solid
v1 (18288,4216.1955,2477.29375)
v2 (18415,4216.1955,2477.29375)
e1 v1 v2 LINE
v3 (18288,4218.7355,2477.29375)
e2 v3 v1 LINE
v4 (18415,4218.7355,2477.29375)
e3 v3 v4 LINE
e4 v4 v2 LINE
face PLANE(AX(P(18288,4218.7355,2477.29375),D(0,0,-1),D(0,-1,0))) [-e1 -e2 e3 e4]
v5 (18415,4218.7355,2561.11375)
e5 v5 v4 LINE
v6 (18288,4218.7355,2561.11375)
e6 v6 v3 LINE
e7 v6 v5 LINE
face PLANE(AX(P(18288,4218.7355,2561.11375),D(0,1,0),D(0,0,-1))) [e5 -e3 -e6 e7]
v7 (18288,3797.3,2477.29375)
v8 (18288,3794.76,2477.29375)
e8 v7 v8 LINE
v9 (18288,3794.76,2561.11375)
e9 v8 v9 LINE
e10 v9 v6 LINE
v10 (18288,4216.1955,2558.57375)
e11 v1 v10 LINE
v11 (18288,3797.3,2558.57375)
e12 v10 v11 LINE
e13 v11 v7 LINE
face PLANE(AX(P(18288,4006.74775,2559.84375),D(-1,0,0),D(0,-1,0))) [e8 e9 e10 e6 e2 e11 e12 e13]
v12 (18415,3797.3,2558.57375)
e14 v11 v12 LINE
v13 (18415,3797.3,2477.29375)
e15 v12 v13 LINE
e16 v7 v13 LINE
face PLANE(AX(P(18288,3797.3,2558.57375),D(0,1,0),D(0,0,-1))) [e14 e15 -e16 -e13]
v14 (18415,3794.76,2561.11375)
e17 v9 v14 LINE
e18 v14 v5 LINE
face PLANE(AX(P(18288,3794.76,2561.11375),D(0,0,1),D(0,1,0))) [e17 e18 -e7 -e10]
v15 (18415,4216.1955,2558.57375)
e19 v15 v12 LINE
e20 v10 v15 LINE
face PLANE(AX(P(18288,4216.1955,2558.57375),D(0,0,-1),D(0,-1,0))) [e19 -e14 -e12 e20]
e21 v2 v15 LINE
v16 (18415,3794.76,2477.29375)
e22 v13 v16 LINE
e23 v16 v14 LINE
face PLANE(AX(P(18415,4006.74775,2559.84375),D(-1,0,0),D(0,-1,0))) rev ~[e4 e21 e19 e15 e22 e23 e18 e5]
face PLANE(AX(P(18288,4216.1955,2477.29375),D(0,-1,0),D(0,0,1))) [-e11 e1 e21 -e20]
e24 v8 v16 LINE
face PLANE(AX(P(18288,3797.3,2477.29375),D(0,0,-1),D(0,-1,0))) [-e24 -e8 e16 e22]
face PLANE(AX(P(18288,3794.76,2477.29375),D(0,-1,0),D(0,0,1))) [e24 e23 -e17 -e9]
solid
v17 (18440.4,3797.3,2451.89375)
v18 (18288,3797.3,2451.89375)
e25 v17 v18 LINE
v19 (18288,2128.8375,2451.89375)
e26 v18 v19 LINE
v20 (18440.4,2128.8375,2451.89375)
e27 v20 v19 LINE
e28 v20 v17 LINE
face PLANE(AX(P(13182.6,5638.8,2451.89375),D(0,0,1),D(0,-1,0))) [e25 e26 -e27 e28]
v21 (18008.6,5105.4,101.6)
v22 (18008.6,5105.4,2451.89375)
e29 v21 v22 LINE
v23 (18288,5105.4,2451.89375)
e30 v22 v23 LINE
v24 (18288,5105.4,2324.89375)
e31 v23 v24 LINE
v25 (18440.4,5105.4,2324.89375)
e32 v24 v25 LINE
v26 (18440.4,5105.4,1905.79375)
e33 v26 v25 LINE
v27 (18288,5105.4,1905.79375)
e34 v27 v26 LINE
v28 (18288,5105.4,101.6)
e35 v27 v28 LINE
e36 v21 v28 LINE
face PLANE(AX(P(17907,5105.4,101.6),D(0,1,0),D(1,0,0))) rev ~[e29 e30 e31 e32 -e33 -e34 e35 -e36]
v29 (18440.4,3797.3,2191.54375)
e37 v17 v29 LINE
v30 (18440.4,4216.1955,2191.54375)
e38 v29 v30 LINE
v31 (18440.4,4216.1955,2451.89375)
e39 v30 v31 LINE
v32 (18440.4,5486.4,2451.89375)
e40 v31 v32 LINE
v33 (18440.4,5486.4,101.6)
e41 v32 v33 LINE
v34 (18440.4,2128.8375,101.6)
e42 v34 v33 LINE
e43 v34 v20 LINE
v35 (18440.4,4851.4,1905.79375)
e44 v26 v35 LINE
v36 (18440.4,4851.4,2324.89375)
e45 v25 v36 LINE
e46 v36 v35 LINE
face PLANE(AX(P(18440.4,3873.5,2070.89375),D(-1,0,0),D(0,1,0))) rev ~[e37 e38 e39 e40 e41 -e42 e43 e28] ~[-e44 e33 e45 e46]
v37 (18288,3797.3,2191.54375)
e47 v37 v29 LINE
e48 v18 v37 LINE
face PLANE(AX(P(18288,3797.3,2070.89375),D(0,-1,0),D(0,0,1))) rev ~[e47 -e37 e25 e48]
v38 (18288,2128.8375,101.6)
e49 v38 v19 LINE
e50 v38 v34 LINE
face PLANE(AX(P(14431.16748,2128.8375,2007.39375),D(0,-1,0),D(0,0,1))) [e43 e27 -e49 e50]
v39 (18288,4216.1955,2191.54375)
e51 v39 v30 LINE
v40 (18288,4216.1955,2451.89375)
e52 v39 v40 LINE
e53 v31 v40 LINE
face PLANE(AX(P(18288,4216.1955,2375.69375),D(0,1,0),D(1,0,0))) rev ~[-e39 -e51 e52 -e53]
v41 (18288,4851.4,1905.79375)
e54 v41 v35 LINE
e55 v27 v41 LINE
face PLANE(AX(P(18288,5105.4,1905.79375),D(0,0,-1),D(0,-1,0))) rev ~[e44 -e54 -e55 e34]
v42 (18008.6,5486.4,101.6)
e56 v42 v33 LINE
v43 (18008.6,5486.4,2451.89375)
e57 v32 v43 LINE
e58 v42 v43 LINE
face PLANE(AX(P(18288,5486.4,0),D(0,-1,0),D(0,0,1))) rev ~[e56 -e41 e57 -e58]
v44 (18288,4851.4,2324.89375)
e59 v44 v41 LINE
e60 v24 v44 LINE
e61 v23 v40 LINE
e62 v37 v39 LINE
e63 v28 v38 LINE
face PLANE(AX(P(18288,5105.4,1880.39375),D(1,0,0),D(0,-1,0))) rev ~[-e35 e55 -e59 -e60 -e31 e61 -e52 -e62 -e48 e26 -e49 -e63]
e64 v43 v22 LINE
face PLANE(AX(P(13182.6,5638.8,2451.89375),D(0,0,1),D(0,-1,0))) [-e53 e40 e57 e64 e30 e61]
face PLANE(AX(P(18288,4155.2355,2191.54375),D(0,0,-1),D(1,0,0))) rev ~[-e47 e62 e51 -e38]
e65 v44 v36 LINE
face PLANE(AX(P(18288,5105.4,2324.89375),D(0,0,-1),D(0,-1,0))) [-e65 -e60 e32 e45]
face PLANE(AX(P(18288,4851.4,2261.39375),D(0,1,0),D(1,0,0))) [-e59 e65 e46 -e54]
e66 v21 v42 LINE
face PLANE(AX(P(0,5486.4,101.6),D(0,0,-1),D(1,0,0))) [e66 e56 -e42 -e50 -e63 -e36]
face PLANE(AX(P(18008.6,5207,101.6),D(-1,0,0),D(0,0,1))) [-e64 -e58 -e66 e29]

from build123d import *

# Parameters (mm, degrees)
F0_W      = 18288
F0_H      = 5486.4
F1_DEPTH  = 101.6
F2_W      = 4953
F2_H      = 152.4
F2_W_2    = 152.4
F2_H_2    = 3357.5625
F3_DEPTH  = 2426.49375
F4_DEPTH  = 152.4
F5_DEPTH  = 152.4
F6_W      = 4953
F6_H      = 152.4
F7_DEPTH  = 2350.29375
F8_DEPTH  = 76.2
F9_W      = 381
F9_H      = 279.4
F10_DEPTH = 2350.29375
F11_DEPTH = 101.6
F12_DEPTH = 101.6
F13_DEPTH = 275.43252
F14_DEPTH = 275.43252
F15_DEPTH = 25.4
F16_W     = 762
F16_H     = 254
F17_DEPTH = 2128.8385
F18_DEPTH = 190.5
F19_DEPTH = 63.5
F20_W     = 254
F20_H     = 304.8
F21_DEPTH = 152.401
F22_W     = 281.7354995728
F22_H     = 304.8
F23_DEPTH = 152.401
F24_DEPTH = 304.8
F25_DEPTH = 304.8
F26_DEPTH = 25.4
F27_DEPTH = 25.4
F28_DEPTH = 12.7
F29_DEPTH = 12.7
F30_W     = 127
F30_H     = 2350.29375
F31_DEPTH = 12907.16748
F32_W     = 1574.8
F32_H     = 2133.6
F33_DEPTH = 3230.5635
F34_DEPTH = 1320.8
F35_DEPTH = 1320.8
F36_DEPTH = 120.65
F37_DEPTH = 76.201
F38_DEPTH = 190.5
F39_DEPTH = 190.5
F40_DEPTH = 76.2
F41_DEPTH = 406.4
F42_DEPTH = 406.4
F43_DEPTH = 76.2
F44_DEPTH = 60.96
F45_DEPTH = 25.4
F46_DEPTH = 63.5
F47_DEPTH = 101.6
F48_DEPTH = 127
F49_DEPTH = 25.4
F50_DEPTH = 127
F51_DEPTH = 152.4
F52_DEPTH = 127
F53_W     = 418.8954995728
F53_H     = 2.54
F54_DEPTH = 127


with BuildPart() as f1:
    # F0 (on Top) → F1 (new body)
    with BuildSketch(Plane.XY):
        with Locations((9144, 2743.2)):
            Rectangle(F0_W, F0_H)
    extrude(amount=F1_DEPTH)

    # F2 (on face) → F3 (join)
    with BuildSketch(Plane.XY.offset(101.6)):
        with Locations((15811.5, 2052.6375)):
            Rectangle(F2_W, F2_H)
        with Locations((13258.8, 3807.61875)):
            Rectangle(F2_W_2, F2_H_2)
        with Locations((13258.8, 2052.6375)):
            Rectangle(F2_W_2, F2_H)
    extrude(amount=F3_DEPTH)

    # F4 (add): a face of the model
    f4_faces = [f1.faces().sort_by_distance(p)[0] for p in [
        (18288, 60.4084786837, 50.8),
    ]]
    extrude(f4_faces, amount=F4_DEPTH)

    # F5 (add): a face of the model
    f5_faces = [f1.faces().sort_by_distance(p)[0] for p in [
        (15887.7, 5486.4, 82.9871117188),
    ]]
    extrude(f5_faces, amount=F5_DEPTH)

    # F6 (on face) → F7 (join)
    with BuildSketch(Plane.XY.offset(101.6)):
        with Locations((15811.5, 5562.6)):
            Rectangle(F6_W, F6_H)
        Polygon((18288, 2128.8375), (18440.4, 2128.8375), (18440.4, 5638.8), (18288, 5638.8), (18288, 5486.4), align=None)
    extrude(amount=F7_DEPTH)

    # F8 (cut): a face of the model
    f8_faces = [f1.faces().sort_by_distance(p)[0] for p in [
        (13270.9239827069, 3883.81875, 2528.09375),
    ]]
    extrude(f8_faces, amount=-F8_DEPTH, mode=Mode.SUBTRACT)

    # F9 (on face) → F10 (join, through all)
    with BuildSketch(Plane.XY.offset(101.6)):
        with Locations((18097.5, 5346.7)):
            Rectangle(F9_W, F9_H)
    extrude(amount=F10_DEPTH)

    # F11 (add): a face of the model
    f11_faces = [f1.faces().sort_by_distance(p)[0] for p in [
        (18097.5, 5207, 1276.746875),
    ]]
    extrude(f11_faces, amount=F11_DEPTH)

    # F12 (cut): a face of the model
    f12_faces = [f1.faces().sort_by_distance(p)[0] for p in [
        (17907, 5295.9, 1276.746875),
    ]]
    extrude(f12_faces, amount=-F12_DEPTH, mode=Mode.SUBTRACT)

    # F13 (add): a face of the model
    f13_faces = [f1.faces().sort_by_distance(p)[0] for p in [
        (13182.6, 3807.61875, 1276.746875),
    ]]
    extrude(f13_faces, amount=F13_DEPTH)

    # F14 (cut): a face of the model
    f14_faces = [f1.faces().sort_by_distance(p)[0] for p in [
        (13335, 3807.61875, 1276.746875),
    ]]
    extrude(f14_faces, amount=-F14_DEPTH, mode=Mode.SUBTRACT)

    # F15 (cut): a face of the model
    f15_faces = [f1.faces().sort_by_distance(p)[0] for p in [
        (15673.78374, 1976.4375, 1276.746875),
    ]]
    extrude(f15_faces, amount=-F15_DEPTH, mode=Mode.SUBTRACT)

    # F16 (on face) → F17 (cut, through all)
    with BuildSketch(Plane(origin=(0, 2128.8375, 0), x_dir=(-1, 0, 0), z_dir=(0, 1, 0))):
        with Locations((-14812.16748, 2070.89375)):
            Rectangle(F16_W, F16_H)
    extrude(amount=-F17_DEPTH, mode=Mode.SUBTRACT)

    # F18 (cut): a face of the model
    f18_faces = [f1.faces().sort_by_distance(p)[0] for p in [
        (14812.16748, 2065.3375, 2197.89375),
    ]]
    extrude(f18_faces, amount=-F18_DEPTH, mode=Mode.SUBTRACT)

    # F19 (add): a face of the model
    f19_faces = [f1.faces().sort_by_distance(p)[0] for p in [
        (14812.16748, 2065.3375, 1943.89375),
    ]]
    extrude(f19_faces, amount=F19_DEPTH)

    # F20 (on face) → F21 (cut, through all)
    with BuildSketch(Plane(origin=(18288, 0, 0), x_dir=(0, -1, 0), z_dir=(-1, 0, 0))):
        with Locations((-4978.4, 2223.29375)):
            Rectangle(F20_W, F20_H)
    extrude(amount=-F21_DEPTH, mode=Mode.SUBTRACT)

    # F22 (on face) → F23 (cut, through all)
    with BuildSketch(Plane(origin=(18288, 0, 0), x_dir=(0, -1, 0), z_dir=(-1, 0, 0))):
        with Locations((-3747.6677497864, 2223.29375)):
            Rectangle(F22_W, F22_H)
    extrude(amount=-F23_DEPTH, mode=Mode.SUBTRACT)

    # F24 (cut): a face of the model
    f24_faces = [f1.faces().sort_by_distance(p)[0] for p in [
        (18364.2, 3888.5354995728, 2223.29375),
    ]]
    extrude(f24_faces, amount=-F24_DEPTH, mode=Mode.SUBTRACT)

    # F25 (add): a face of the model
    f25_faces = [f1.faces().sort_by_distance(p)[0] for p in [
        (18364.2, 3606.8, 2223.29375),
    ]]
    extrude(f25_faces, amount=F25_DEPTH)

    # F26 (add): a face of the model
    f26_faces = [f1.faces().sort_by_distance(p)[0] for p in [
        (18364.2, 4193.3354995728, 2223.29375),
    ]]
    extrude(f26_faces, amount=F26_DEPTH)

    # F27 (cut): a face of the model
    f27_faces = [f1.faces().sort_by_distance(p)[0] for p in [
        (18364.2, 3911.6, 2223.29375),
    ]]
    extrude(f27_faces, amount=-F27_DEPTH, mode=Mode.SUBTRACT)

    # F28 (cut): a face of the model
    f28_faces = [f1.faces().sort_by_distance(p)[0] for p in [
        (18364.2, 3886.2, 2223.29375),
    ]]
    extrude(f28_faces, amount=-F28_DEPTH, mode=Mode.SUBTRACT)

    # F29 (add): a face of the model
    f29_faces = [f1.faces().sort_by_distance(p)[0] for p in [
        (18364.2, 4167.9354995728, 2223.29375),
    ]]
    extrude(f29_faces, amount=F29_DEPTH)

    # F30 (on face) → F31 (join, through all)
    with BuildSketch(Plane(origin=(12907.16748, 0, 0), x_dir=(0, -1, 0), z_dir=(-1, 0, 0))):
        with Locations((-2471.7375, 1276.746875)):
            Rectangle(F30_W, F30_H)
    extrude(amount=F31_DEPTH)

    # F32 (on face) → F33 (cut, through all)
    with BuildSketch(Plane.XZ.offset(-2408.2375)):
        with Locations((12018.16748, 1168.4)):
            Rectangle(F32_W, F32_H)
    extrude(amount=-F33_DEPTH, mode=Mode.SUBTRACT)

    # F34 (cut): a face of the model
    f34_faces = [f1.faces().sort_by_distance(p)[0] for p in [
        (11230.76748, 2471.7375, 1168.4),
    ]]
    extrude(f34_faces, amount=-F34_DEPTH, mode=Mode.SUBTRACT)

    # F35 (add): a face of the model
    f35_faces = [f1.faces().sort_by_distance(p)[0] for p in [
        (12805.56748, 2471.7375, 1168.4),
    ]]
    extrude(f35_faces, amount=F35_DEPTH)

    # F36 (add): a face of the model
    f36_faces = [f1.faces().sort_by_distance(p)[0] for p in [
        (18364.2, 4014.3677497864, 2070.89375),
    ]]
    extrude(f36_faces, amount=F36_DEPTH)

    # F37 (cut, through all): a face of the model
    f37_faces = [f1.faces().sort_by_distance(p)[0] for p in [
        (18364.2, 4014.3677497864, 2375.69375),
    ]]
    extrude(f37_faces, amount=-F37_DEPTH, mode=Mode.SUBTRACT)

    # F38 (cut): a face of the model
    f38_faces = [f1.faces().sort_by_distance(p)[0] for p in [
        (18364.2, 4978.4, 2070.89375),
    ]]
    extrude(f38_faces, amount=-F38_DEPTH, mode=Mode.SUBTRACT)

    # F39 (add): a face of the model
    f39_faces = [f1.faces().sort_by_distance(p)[0] for p in [
        (18364.2, 4978.4, 2375.69375),
    ]]
    extrude(f39_faces, amount=F39_DEPTH)

    # F40 (cut): a face of the model
    f40_faces = [f1.faces().sort_by_distance(p)[0] for p in [
        (18364.2, 4978.4, 2185.19375),
    ]]
    extrude(f40_faces, amount=-F40_DEPTH, mode=Mode.SUBTRACT)

    # F41 (cut): a face of the model
    f41_faces = [f1.faces().sort_by_distance(p)[0] for p in [
        (15193.16748, 2065.3375, 2197.89375),
    ]]
    extrude(f41_faces, amount=-F41_DEPTH, mode=Mode.SUBTRACT)

    # F42 (add): a face of the model
    f42_faces = [f1.faces().sort_by_distance(p)[0] for p in [
        (14431.16748, 2065.3375, 2197.89375),
    ]]
    extrude(f42_faces, amount=F42_DEPTH)

    # F43 (cut): a face of the model
    f43_faces = [f1.faces().sort_by_distance(p)[0] for p in [
        (18364.2, 3873.5, 2321.71875),
    ]]
    extrude(f43_faces, amount=-F43_DEPTH, mode=Mode.SUBTRACT)

    # F44 (cut): a face of the model
    f44_faces = [f1.faces().sort_by_distance(p)[0] for p in [
        (18364.2, 4155.2354995728, 2321.71875),
    ]]
    extrude(f44_faces, amount=-F44_DEPTH, mode=Mode.SUBTRACT)

    # F45 (add): a face of the model
    f45_faces = [f1.faces().sort_by_distance(p)[0] for p in [
        (18364.2, 4978.4, 1880.39375),
    ]]
    extrude(f45_faces, amount=F45_DEPTH)

    # F46 (cut): a face of the model
    f46_faces = [f1.faces().sort_by_distance(p)[0] for p in [
        (18364.2, 4978.4, 2261.39375),
    ]]
    extrude(f46_faces, amount=-F46_DEPTH, mode=Mode.SUBTRACT)

    # F47 (cut, through all): a face of the model
    f47_faces = [f1.faces().sort_by_distance(p)[0] for p in [
        (9220.2, 2819.4, 0),
    ]]
    extrude(f47_faces, amount=-F47_DEPTH, mode=Mode.SUBTRACT)

    # F48 (cut, through all): faces of the model
    f48_faces = [f1.faces().sort_by_distance(p)[0] for p in [
        (15684.1781980177, 2001.8375, 1255.7133062071),
        (15684.7988226442, 2128.8375, 1254.457449408),
    ]]
    extrude(f48_faces, amount=-F48_DEPTH, mode=Mode.SUBTRACT)

    # F49 (cut): faces of the model
    f49_faces = [f1.faces().sort_by_distance(p)[0] for p in [
        (15673.78374, 5638.8, 1276.746875),
        (15534.08374, 5486.4, 1276.746875),
    ]]
    extrude(f49_faces, amount=-F49_DEPTH, dir=(0, 1, 0), mode=Mode.SUBTRACT)

    # F50 (cut, through all): a face of the model
    f50_faces = [f1.faces().sort_by_distance(p)[0] for p in [
        (15673.78374, 5613.4, 1276.746875),
    ]]
    extrude(f50_faces, amount=-F50_DEPTH, mode=Mode.SUBTRACT)

    # F51 (cut, through all): a face of the model
    f51_faces = [f1.faces().sort_by_distance(p)[0] for p in [
        (13059.56748, 3807.61875, 1276.746875),
    ]]
    extrude(f51_faces, amount=-F51_DEPTH, mode=Mode.SUBTRACT)

    # F52 (cut, through all): a face of the model
    f52_faces = [f1.faces().sort_by_distance(p)[0] for p in [
        (5924.9926145215, 2408.2375, 1290.2421895841),
    ]]
    extrude(f52_faces, amount=-F52_DEPTH, mode=Mode.SUBTRACT)


with BuildPart() as f54:
    # F53 (on face) → F54 (new body)
    with BuildSketch(Plane(origin=(18288, 0, 0), x_dir=(0, -1, 0), z_dir=(-1, 0, 0))):
        with Locations((-4006.7477497864, 2559.84375)):
            Rectangle(F53_W, F53_H)
        Polygon((-3797.3, 2558.57375), (-3797.3, 2477.29375), (-3794.76, 2477.29375), (-3794.76, 2561.11375), (-3797.3, 2561.11375), align=None)
        Polygon((-4216.1954995728, 2477.29375), (-4216.1954995728, 2558.57375), (-4216.1954995728, 2561.11375), (-4218.7354995728, 2561.11375), (-4218.7354995728, 2477.29375), align=None)
    extrude(amount=-F54_DEPTH)


solid = Compound([f1.part, f54.part])
